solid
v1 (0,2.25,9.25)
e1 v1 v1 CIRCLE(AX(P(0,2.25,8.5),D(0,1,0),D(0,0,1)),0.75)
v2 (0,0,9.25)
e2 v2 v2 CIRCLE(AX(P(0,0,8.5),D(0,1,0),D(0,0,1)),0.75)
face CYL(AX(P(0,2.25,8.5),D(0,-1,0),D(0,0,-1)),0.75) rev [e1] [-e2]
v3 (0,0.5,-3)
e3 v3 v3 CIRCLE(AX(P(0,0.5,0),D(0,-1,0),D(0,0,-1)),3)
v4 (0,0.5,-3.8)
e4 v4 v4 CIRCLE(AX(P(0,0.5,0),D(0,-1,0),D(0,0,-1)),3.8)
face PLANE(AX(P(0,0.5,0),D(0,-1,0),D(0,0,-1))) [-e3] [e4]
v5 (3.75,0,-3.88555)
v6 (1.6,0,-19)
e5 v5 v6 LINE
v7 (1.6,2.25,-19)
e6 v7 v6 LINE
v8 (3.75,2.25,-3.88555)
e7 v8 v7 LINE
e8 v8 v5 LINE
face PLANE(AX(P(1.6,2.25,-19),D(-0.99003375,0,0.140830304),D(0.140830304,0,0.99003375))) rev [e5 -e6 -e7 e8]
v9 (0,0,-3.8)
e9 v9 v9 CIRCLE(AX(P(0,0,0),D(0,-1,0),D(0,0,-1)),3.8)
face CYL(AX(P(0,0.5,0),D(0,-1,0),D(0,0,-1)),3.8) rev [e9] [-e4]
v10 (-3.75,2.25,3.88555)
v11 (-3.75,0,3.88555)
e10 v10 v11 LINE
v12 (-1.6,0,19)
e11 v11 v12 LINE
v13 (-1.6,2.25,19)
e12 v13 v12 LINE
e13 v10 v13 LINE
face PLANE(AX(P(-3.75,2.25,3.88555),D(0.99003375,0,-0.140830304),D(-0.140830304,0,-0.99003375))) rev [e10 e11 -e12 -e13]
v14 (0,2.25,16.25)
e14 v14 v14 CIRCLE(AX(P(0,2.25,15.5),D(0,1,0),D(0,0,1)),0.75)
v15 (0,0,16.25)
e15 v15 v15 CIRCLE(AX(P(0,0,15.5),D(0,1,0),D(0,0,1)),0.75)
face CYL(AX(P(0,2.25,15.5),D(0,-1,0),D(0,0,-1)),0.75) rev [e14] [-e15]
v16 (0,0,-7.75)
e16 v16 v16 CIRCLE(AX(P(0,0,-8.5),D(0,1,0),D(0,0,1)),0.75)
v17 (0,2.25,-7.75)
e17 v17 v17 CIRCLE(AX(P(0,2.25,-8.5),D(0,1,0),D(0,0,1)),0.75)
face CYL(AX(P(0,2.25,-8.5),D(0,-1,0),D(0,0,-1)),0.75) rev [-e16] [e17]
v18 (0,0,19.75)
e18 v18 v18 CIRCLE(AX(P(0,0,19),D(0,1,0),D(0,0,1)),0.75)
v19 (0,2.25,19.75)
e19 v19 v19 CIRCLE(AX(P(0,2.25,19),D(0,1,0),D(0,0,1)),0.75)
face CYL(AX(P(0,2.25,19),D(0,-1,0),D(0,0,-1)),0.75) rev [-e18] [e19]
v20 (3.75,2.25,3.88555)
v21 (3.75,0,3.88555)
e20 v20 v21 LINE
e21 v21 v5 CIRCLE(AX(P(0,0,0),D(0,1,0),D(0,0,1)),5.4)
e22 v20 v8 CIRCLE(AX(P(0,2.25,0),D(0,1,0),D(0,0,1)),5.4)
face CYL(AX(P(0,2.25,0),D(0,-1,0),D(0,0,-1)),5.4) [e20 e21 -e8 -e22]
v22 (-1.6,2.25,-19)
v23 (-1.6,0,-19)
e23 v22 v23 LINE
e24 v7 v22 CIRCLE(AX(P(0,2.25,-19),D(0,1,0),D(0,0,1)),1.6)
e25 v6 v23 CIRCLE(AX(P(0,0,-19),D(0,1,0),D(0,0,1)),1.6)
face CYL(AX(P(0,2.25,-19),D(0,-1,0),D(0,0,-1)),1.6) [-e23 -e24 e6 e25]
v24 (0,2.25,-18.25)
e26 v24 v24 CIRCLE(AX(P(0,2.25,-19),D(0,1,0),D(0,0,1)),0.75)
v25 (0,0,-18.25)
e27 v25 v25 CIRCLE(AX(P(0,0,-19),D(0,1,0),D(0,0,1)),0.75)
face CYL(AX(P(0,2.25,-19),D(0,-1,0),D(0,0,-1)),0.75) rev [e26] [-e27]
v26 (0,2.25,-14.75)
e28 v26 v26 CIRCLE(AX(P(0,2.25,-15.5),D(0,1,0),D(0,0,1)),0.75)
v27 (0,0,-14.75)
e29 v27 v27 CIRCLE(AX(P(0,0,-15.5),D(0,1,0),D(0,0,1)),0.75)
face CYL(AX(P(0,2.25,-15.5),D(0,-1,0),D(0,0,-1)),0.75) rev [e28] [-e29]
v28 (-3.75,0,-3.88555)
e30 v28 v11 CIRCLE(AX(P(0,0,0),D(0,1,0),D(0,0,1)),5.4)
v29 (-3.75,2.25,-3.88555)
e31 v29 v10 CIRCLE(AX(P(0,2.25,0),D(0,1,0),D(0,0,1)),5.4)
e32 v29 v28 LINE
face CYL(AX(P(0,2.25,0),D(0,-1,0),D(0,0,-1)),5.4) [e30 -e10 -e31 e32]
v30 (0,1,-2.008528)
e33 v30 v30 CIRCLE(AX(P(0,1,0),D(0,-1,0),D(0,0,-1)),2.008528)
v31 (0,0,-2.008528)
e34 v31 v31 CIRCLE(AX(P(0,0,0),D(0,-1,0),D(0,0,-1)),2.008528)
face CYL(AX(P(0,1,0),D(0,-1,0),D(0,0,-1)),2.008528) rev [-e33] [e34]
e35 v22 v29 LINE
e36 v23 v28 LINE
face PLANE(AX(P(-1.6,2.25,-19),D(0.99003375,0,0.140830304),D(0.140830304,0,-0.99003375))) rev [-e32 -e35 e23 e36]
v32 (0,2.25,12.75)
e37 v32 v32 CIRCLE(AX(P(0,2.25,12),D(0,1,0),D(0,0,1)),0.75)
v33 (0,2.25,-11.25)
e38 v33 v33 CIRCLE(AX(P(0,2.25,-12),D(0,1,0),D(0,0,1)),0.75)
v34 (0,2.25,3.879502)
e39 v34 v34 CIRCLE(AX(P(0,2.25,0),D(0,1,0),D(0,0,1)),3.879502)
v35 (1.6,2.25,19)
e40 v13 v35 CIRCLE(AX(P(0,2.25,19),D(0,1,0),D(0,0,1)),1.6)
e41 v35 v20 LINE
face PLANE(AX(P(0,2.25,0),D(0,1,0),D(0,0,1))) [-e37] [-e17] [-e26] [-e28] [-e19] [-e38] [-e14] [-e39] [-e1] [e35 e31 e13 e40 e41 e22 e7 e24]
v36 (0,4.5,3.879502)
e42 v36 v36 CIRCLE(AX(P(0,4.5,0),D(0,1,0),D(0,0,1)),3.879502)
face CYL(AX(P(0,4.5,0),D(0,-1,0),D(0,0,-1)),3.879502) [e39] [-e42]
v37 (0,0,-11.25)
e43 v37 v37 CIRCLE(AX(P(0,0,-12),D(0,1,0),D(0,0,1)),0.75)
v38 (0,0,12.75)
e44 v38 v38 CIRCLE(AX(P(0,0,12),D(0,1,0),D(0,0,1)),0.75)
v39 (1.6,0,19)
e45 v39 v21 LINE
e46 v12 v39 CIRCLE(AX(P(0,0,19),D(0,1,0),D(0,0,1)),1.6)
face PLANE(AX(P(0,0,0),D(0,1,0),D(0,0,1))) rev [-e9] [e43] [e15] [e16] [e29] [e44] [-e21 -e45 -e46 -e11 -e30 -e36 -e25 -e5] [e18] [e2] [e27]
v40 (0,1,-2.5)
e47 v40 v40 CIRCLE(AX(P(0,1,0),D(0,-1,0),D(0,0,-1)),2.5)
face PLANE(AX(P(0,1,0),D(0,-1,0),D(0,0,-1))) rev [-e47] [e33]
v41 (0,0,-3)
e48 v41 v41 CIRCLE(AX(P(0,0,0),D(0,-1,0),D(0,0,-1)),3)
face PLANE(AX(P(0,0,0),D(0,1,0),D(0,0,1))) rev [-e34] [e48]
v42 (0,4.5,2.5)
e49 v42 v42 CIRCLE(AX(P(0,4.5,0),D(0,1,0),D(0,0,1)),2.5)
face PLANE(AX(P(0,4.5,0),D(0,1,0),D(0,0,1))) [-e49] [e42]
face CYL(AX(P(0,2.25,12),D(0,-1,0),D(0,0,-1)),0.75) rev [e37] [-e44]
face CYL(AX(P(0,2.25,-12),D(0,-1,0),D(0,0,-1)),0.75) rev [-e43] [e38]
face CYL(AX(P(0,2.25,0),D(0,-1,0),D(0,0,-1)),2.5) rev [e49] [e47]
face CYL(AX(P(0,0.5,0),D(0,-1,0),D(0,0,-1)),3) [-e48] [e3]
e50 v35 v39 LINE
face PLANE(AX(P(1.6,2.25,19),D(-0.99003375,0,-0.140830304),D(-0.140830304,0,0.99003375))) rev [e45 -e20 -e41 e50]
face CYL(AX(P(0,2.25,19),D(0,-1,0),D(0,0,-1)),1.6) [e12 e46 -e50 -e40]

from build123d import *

# Parameters (mm, degrees)
SKETCH1_R           = 2.5
SKETCH1_R_2         = 0.75
BOSS_EXTRUDE1_DEPTH = 2.25
SKETCH2_R           = 3.879501895
SKETCH2_R_2         = 2.5
BOSS_EXTRUDE2_DEPTH = 2.25
SKETCH3_R           = 2.5
SKETCH3_R_2         = 2.008527967
BOSS_EXTRUDE3_DEPTH = 1
SKETCH4_R           = 3.8
SKETCH4_R_2         = 3
CUT_EXTRUDE1_DEPTH  = 0.5


with BuildPart() as part:
    # Sketch1 → Boss-Extrude1 (new body)
    with BuildSketch(Plane(origin=(0, 0, 0), x_dir=(1, 0, 0), z_dir=(0, 1, 0))):
        with BuildLine():
            Line((-1.6, 19), (-3.75, 3.885550154))
            ThreePointArc((-3.75, 3.885550154), (-5.4, 0), (-3.75, -3.885550154))
            Line((-3.75, -3.885550154), (-1.6, -19))
            ThreePointArc((-1.6, -19), (0, -20.6), (1.6, -19))
            Line((1.6, -19), (3.75, -3.885550154))
            ThreePointArc((3.75, -3.885550154), (5.4, 0), (3.75, 3.885550154))
            Line((3.75, 3.885550154), (1.6, 19))
            ThreePointArc((1.6, 19), (0, 20.6), (-1.6, 19))
        make_face()
        Circle(SKETCH1_R, mode=Mode.SUBTRACT)
        with Locations((0, -19)):
            Circle(SKETCH1_R_2, mode=Mode.SUBTRACT)
        with Locations((0, 19)):
            Circle(SKETCH1_R_2, mode=Mode.SUBTRACT)
        with Locations((0, 15.5)):
            Circle(SKETCH1_R_2, mode=Mode.SUBTRACT)
        with Locations((0, 12)):
            Circle(SKETCH1_R_2, mode=Mode.SUBTRACT)
        with Locations((0, 8.5)):
            Circle(SKETCH1_R_2, mode=Mode.SUBTRACT)
        with Locations((0, -15.5)):
            Circle(SKETCH1_R_2, mode=Mode.SUBTRACT)
        with Locations((0, -12)):
            Circle(SKETCH1_R_2, mode=Mode.SUBTRACT)
        with Locations((0, -8.5)):
            Circle(SKETCH1_R_2, mode=Mode.SUBTRACT)
    extrude(amount=BOSS_EXTRUDE1_DEPTH)

    # Sketch2 → Boss-Extrude2 (add)
    with BuildSketch(Plane(origin=(0, 2.25, 0), x_dir=(1, 0, 0), z_dir=(0, 1, 0))):
        Circle(SKETCH2_R)
        Circle(SKETCH2_R_2, mode=Mode.SUBTRACT)
    extrude(amount=BOSS_EXTRUDE2_DEPTH)

    # Sketch3 → Boss-Extrude3 (add)
    with BuildSketch(Plane.XZ):
        Circle(SKETCH3_R)
        Circle(SKETCH3_R_2, mode=Mode.SUBTRACT)
    extrude(amount=-BOSS_EXTRUDE3_DEPTH)

    # Sketch4 → Cut-Extrude1 (cut)
    with BuildSketch(Plane.XZ):
        Circle(SKETCH4_R)
        Circle(SKETCH4_R_2, mode=Mode.SUBTRACT)
    extrude(amount=-CUT_EXTRUDE1_DEPTH, mode=Mode.SUBTRACT)


solid = part.part
